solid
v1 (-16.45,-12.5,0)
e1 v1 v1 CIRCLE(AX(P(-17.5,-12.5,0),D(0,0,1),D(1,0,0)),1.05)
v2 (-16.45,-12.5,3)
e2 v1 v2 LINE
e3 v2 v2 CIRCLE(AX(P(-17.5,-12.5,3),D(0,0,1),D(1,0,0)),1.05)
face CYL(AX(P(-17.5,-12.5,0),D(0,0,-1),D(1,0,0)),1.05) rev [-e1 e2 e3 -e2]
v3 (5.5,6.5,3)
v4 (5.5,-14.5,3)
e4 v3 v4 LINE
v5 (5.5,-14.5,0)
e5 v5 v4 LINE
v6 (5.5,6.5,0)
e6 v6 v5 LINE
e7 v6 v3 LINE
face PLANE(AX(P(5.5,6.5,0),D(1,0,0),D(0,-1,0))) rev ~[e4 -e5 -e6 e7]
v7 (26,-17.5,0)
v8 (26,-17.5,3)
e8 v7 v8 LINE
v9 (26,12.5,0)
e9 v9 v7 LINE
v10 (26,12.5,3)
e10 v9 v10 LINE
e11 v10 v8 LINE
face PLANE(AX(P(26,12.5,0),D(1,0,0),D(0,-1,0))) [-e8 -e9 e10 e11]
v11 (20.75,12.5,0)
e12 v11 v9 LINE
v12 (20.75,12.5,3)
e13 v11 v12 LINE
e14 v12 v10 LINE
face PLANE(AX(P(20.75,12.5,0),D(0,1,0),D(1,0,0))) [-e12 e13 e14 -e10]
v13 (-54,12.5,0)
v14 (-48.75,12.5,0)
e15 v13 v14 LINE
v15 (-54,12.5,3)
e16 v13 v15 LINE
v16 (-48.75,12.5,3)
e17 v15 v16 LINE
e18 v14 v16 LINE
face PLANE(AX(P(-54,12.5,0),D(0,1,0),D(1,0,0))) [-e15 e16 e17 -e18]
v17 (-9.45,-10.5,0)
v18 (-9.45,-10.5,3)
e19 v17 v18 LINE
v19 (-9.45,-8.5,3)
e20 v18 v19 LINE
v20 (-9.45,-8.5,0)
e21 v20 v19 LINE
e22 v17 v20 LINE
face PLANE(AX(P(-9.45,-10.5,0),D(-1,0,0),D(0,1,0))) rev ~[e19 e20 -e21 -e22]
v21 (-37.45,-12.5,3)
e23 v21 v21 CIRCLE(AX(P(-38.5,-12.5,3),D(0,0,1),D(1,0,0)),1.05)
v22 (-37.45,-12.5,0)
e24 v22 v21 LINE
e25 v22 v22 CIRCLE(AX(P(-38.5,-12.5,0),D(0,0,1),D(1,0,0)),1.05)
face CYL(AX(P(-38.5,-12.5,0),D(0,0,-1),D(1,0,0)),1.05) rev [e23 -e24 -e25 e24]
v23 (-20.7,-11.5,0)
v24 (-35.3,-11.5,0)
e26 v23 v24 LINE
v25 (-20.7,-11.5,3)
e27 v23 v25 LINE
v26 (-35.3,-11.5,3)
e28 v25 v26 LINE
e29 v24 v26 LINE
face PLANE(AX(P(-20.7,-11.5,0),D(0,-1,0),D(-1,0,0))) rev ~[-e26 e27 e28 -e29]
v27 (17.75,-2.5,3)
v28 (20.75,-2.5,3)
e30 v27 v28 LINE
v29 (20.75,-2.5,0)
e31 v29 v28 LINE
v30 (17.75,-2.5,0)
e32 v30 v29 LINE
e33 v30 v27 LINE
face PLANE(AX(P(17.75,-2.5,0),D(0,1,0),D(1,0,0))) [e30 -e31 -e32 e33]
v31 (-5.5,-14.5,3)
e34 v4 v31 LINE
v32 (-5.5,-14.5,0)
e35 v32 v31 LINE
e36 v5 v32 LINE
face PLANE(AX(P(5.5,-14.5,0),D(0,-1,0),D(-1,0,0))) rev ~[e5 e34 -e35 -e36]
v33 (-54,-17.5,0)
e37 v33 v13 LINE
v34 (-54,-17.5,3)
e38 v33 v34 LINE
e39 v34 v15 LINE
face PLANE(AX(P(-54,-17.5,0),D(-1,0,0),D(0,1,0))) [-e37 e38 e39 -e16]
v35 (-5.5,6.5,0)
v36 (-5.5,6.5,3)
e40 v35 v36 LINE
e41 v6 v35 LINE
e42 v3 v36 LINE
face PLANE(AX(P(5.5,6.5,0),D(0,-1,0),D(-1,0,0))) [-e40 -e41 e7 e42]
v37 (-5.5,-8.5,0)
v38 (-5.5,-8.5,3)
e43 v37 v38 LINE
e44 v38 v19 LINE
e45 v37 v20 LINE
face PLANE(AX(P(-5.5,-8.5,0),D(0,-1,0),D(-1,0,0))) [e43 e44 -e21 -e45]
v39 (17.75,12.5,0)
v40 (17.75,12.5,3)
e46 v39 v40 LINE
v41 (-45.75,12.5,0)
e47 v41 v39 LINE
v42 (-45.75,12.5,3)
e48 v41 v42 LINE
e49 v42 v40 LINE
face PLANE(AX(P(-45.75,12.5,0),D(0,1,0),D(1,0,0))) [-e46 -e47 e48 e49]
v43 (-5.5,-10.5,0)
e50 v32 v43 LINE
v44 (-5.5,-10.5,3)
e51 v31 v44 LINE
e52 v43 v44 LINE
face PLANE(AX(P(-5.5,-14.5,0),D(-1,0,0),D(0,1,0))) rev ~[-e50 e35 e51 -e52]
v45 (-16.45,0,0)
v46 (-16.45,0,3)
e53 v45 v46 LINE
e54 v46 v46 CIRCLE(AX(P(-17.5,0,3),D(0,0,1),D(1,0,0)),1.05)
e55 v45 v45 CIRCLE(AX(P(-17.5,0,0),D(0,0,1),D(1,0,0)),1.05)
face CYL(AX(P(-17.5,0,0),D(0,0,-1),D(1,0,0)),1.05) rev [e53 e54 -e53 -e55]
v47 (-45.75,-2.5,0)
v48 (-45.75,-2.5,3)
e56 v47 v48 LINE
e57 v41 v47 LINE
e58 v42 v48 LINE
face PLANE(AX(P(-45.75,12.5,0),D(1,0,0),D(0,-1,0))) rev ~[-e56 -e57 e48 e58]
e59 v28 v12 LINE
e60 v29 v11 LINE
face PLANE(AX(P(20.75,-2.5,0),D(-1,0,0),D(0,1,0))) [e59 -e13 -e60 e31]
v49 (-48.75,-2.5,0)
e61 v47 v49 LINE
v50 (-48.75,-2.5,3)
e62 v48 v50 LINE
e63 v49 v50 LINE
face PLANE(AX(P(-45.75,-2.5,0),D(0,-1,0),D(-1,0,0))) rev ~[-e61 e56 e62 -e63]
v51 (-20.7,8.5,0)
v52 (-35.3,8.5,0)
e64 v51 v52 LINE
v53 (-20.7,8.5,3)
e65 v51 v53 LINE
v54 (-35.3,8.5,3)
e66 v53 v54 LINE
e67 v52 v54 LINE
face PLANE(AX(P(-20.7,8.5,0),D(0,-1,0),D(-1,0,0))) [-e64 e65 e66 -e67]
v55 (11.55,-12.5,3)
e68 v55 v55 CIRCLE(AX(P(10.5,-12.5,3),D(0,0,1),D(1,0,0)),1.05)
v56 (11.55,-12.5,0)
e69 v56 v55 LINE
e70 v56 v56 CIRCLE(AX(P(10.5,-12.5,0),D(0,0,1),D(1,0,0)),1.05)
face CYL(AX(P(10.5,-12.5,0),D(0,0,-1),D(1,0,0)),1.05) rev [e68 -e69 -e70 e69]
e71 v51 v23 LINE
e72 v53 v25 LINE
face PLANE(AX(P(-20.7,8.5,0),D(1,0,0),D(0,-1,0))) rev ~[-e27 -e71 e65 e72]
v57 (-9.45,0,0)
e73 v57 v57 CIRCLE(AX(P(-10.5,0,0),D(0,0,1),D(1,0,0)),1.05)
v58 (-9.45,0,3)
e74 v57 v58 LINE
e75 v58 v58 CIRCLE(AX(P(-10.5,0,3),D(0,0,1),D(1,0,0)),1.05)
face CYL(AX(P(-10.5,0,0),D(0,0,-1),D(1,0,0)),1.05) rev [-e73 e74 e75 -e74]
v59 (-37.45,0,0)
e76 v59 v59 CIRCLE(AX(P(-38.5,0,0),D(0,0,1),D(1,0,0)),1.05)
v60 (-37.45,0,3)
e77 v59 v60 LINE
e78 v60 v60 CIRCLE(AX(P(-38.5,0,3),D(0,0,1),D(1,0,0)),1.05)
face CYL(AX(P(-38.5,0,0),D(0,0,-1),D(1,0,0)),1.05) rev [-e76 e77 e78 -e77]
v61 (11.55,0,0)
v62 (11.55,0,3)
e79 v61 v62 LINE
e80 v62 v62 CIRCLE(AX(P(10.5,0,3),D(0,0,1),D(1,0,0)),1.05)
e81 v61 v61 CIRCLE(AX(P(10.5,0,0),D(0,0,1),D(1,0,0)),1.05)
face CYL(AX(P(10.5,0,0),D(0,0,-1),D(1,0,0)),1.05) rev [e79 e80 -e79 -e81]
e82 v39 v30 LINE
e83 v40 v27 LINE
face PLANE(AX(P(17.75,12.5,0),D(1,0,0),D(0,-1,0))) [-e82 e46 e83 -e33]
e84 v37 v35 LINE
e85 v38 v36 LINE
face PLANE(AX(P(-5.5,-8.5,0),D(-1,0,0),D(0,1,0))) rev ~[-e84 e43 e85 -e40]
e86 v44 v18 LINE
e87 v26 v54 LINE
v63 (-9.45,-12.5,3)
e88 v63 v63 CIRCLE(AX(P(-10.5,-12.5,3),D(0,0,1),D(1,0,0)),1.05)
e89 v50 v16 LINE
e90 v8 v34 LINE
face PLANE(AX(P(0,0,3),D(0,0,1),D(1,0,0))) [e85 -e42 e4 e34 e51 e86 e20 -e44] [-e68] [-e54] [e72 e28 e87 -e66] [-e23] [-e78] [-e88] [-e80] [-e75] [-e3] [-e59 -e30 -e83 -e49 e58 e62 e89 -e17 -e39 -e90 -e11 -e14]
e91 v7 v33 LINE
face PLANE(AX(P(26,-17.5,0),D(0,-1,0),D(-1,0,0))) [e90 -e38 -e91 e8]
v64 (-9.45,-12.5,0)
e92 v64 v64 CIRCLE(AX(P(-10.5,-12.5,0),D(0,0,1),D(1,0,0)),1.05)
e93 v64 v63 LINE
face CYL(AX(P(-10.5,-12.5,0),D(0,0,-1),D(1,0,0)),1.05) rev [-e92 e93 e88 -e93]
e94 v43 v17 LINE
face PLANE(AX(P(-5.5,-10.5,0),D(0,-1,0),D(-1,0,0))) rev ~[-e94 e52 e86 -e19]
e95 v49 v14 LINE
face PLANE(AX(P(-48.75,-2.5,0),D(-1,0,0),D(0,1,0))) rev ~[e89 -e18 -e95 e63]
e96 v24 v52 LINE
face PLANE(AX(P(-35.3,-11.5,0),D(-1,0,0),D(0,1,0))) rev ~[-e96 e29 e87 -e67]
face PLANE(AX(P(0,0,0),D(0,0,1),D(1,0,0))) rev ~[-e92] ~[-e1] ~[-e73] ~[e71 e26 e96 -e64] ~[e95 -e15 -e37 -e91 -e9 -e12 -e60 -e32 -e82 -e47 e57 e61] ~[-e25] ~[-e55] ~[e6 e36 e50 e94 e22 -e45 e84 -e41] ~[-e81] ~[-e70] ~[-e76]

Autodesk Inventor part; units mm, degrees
ref_plane "YZ Plane" through (0, 0, 0) normal (1, 0, 0) x (0, 1, 0)
ref_plane "XZ Plane" through (0, 0, 0) normal (0, 1, 0) x (-1, 0, 0)
ref_plane "XY Plane" through (0, 0, 0) normal (0, 0, 1) x (1, 0, 0)
sketch "Sketch1" plane through (0, 0, 0) normal (0, 0, 1) x (1, 0, 0)
  line L0 (-12.5, 9.5) -> (-12.5, -14.5) construction
  line L1 (-15.5, -14.5) -> (-15.5, 9.5) construction
  line L2 (-12.5, -2.5) -> (-15.5, -2.5) construction
  line L3 (26, -17.5) -> (-54, -17.5)
  line L4 (-54, -17.5) -> (-54, 12.5)
  line L5 (-54, 12.5) -> (26, 12.5)
  line L6 (26, 12.5) -> (26, -17.5)
  line L7 (26, -17.5) -> (-54, 12.5) construction
  line L8 (-54, -17.5) -> (26, 12.5) construction
  line L9 (-12.5, -14.5) -> (12.5, -14.5) construction
  line L10 (12.5, -14.5) -> (12.5, 9.5) construction
  line L11 (12.5, 9.5) -> (-12.5, 9.5) construction
  line L12 (-15.5, 9.5) -> (-40.5, 9.5) construction
  line L13 (-40.5, 9.5) -> (-40.5, -14.5) construction
  line L14 (-40.5, -14.5) -> (-15.5, -14.5) construction
  line L15 (-8.7, -9.1) -> (-8.7, -9.9) construction
  line L16 (-8.7, -9.9) -> (-7.48, -9.9) construction
  line L17 (-7.48, -9.9) -> (-7.48, -9.1) construction
  line L18 (-7.48, -9.1) -> (-8.7, -9.1) construction
  circle A0 centre (-10.5, -12.5) radius 1.05 projected
  circle A1 centre (-10.5, 0) radius 1.05 projected
  circle A2 centre (10.5, 0) radius 1.05 projected
  circle A3 centre (10.5, -12.5) radius 1.05 projected
  circle A4 centre (-17.5, -12.5) radius 1.05 projected
  circle A5 centre (-17.5, 0) radius 1.05 projected
  circle A6 centre (-38.5, -12.5) radius 1.05 projected
  circle A7 centre (-38.5, 0) radius 1.05 projected
  line L19 (5.5, -14.5) -> (-5.5, -14.5)
  line L20 (5.5, 6.5) -> (5.5, -14.5)
  line L21 (-5.5, -10.5) -> (-9.45, -10.5)
  line L22 (-5.5, -8.5) -> (-9.45, -8.5)
  line L23 (-9.45, -10.5) -> (-9.45, -8.5)
  line L24 (-5.5, -14.5) -> (-5.5, -10.5)
  line L25 (-5.5, -8.5) -> (-5.5, 6.5)
  line L26 (-35.3, -11.5) -> (-35.3, 8.5)
  line L27 (-20.7, 8.5) -> (-20.7, -11.5)
  line L28 (5.5, 6.5) -> (-5.5, 6.5)
  line L29 (-20.7, -11.5) -> (-35.3, -11.5)
  line L30 (-20.7, 8.5) -> (-35.3, 8.5)
  line L31 (20.75, 12.5) -> (17.75, 12.5)
  line L32 (17.75, 12.5) -> (17.75, -2.5)
  line L33 (17.75, -2.5) -> (20.75, -2.5)
  line L34 (20.75, -2.5) -> (20.75, 12.5)
  line L35 (-14, -17.5) -> (-14, 12.5) construction
  line L36 (-48.75, 12.5) -> (-45.75, 12.5)
  line L37 (-45.75, 12.5) -> (-45.75, -2.5)
  line L38 (-45.75, -2.5) -> (-48.75, -2.5)
  line L39 (-48.75, -2.5) -> (-48.75, 12.5)
  point P0 (0, 0)
  point P1 (-14, -2.5)
  dimension "d0" = 80
  dimension "d1" = 30
  dimension "d2" = 7
  dimension "d4" = 4
  dimension "d6" = 18
  dimension "d7" = 7
  dimension "d8" = 7
  dimension "d9" = 3.05
  dimension "d10" = 3
  dimension "d11" = 5.2
  dimension "d12" = 5.2
  dimension "d13" = 3
  dimension "d14" = 3
  dimension "d15" = 1
  dimension "d16" = 15
  dimension "d17" = 5.25
  dimension "d18" = 13.5
  dimension "d19" = 3
extrude "Extrusion1" add sketch "Sketch1" along normal blind 3 contours L3 L4 L5 L39 L38 L37 L32 L33 L34 L6
properties part number "Camera bracket"
